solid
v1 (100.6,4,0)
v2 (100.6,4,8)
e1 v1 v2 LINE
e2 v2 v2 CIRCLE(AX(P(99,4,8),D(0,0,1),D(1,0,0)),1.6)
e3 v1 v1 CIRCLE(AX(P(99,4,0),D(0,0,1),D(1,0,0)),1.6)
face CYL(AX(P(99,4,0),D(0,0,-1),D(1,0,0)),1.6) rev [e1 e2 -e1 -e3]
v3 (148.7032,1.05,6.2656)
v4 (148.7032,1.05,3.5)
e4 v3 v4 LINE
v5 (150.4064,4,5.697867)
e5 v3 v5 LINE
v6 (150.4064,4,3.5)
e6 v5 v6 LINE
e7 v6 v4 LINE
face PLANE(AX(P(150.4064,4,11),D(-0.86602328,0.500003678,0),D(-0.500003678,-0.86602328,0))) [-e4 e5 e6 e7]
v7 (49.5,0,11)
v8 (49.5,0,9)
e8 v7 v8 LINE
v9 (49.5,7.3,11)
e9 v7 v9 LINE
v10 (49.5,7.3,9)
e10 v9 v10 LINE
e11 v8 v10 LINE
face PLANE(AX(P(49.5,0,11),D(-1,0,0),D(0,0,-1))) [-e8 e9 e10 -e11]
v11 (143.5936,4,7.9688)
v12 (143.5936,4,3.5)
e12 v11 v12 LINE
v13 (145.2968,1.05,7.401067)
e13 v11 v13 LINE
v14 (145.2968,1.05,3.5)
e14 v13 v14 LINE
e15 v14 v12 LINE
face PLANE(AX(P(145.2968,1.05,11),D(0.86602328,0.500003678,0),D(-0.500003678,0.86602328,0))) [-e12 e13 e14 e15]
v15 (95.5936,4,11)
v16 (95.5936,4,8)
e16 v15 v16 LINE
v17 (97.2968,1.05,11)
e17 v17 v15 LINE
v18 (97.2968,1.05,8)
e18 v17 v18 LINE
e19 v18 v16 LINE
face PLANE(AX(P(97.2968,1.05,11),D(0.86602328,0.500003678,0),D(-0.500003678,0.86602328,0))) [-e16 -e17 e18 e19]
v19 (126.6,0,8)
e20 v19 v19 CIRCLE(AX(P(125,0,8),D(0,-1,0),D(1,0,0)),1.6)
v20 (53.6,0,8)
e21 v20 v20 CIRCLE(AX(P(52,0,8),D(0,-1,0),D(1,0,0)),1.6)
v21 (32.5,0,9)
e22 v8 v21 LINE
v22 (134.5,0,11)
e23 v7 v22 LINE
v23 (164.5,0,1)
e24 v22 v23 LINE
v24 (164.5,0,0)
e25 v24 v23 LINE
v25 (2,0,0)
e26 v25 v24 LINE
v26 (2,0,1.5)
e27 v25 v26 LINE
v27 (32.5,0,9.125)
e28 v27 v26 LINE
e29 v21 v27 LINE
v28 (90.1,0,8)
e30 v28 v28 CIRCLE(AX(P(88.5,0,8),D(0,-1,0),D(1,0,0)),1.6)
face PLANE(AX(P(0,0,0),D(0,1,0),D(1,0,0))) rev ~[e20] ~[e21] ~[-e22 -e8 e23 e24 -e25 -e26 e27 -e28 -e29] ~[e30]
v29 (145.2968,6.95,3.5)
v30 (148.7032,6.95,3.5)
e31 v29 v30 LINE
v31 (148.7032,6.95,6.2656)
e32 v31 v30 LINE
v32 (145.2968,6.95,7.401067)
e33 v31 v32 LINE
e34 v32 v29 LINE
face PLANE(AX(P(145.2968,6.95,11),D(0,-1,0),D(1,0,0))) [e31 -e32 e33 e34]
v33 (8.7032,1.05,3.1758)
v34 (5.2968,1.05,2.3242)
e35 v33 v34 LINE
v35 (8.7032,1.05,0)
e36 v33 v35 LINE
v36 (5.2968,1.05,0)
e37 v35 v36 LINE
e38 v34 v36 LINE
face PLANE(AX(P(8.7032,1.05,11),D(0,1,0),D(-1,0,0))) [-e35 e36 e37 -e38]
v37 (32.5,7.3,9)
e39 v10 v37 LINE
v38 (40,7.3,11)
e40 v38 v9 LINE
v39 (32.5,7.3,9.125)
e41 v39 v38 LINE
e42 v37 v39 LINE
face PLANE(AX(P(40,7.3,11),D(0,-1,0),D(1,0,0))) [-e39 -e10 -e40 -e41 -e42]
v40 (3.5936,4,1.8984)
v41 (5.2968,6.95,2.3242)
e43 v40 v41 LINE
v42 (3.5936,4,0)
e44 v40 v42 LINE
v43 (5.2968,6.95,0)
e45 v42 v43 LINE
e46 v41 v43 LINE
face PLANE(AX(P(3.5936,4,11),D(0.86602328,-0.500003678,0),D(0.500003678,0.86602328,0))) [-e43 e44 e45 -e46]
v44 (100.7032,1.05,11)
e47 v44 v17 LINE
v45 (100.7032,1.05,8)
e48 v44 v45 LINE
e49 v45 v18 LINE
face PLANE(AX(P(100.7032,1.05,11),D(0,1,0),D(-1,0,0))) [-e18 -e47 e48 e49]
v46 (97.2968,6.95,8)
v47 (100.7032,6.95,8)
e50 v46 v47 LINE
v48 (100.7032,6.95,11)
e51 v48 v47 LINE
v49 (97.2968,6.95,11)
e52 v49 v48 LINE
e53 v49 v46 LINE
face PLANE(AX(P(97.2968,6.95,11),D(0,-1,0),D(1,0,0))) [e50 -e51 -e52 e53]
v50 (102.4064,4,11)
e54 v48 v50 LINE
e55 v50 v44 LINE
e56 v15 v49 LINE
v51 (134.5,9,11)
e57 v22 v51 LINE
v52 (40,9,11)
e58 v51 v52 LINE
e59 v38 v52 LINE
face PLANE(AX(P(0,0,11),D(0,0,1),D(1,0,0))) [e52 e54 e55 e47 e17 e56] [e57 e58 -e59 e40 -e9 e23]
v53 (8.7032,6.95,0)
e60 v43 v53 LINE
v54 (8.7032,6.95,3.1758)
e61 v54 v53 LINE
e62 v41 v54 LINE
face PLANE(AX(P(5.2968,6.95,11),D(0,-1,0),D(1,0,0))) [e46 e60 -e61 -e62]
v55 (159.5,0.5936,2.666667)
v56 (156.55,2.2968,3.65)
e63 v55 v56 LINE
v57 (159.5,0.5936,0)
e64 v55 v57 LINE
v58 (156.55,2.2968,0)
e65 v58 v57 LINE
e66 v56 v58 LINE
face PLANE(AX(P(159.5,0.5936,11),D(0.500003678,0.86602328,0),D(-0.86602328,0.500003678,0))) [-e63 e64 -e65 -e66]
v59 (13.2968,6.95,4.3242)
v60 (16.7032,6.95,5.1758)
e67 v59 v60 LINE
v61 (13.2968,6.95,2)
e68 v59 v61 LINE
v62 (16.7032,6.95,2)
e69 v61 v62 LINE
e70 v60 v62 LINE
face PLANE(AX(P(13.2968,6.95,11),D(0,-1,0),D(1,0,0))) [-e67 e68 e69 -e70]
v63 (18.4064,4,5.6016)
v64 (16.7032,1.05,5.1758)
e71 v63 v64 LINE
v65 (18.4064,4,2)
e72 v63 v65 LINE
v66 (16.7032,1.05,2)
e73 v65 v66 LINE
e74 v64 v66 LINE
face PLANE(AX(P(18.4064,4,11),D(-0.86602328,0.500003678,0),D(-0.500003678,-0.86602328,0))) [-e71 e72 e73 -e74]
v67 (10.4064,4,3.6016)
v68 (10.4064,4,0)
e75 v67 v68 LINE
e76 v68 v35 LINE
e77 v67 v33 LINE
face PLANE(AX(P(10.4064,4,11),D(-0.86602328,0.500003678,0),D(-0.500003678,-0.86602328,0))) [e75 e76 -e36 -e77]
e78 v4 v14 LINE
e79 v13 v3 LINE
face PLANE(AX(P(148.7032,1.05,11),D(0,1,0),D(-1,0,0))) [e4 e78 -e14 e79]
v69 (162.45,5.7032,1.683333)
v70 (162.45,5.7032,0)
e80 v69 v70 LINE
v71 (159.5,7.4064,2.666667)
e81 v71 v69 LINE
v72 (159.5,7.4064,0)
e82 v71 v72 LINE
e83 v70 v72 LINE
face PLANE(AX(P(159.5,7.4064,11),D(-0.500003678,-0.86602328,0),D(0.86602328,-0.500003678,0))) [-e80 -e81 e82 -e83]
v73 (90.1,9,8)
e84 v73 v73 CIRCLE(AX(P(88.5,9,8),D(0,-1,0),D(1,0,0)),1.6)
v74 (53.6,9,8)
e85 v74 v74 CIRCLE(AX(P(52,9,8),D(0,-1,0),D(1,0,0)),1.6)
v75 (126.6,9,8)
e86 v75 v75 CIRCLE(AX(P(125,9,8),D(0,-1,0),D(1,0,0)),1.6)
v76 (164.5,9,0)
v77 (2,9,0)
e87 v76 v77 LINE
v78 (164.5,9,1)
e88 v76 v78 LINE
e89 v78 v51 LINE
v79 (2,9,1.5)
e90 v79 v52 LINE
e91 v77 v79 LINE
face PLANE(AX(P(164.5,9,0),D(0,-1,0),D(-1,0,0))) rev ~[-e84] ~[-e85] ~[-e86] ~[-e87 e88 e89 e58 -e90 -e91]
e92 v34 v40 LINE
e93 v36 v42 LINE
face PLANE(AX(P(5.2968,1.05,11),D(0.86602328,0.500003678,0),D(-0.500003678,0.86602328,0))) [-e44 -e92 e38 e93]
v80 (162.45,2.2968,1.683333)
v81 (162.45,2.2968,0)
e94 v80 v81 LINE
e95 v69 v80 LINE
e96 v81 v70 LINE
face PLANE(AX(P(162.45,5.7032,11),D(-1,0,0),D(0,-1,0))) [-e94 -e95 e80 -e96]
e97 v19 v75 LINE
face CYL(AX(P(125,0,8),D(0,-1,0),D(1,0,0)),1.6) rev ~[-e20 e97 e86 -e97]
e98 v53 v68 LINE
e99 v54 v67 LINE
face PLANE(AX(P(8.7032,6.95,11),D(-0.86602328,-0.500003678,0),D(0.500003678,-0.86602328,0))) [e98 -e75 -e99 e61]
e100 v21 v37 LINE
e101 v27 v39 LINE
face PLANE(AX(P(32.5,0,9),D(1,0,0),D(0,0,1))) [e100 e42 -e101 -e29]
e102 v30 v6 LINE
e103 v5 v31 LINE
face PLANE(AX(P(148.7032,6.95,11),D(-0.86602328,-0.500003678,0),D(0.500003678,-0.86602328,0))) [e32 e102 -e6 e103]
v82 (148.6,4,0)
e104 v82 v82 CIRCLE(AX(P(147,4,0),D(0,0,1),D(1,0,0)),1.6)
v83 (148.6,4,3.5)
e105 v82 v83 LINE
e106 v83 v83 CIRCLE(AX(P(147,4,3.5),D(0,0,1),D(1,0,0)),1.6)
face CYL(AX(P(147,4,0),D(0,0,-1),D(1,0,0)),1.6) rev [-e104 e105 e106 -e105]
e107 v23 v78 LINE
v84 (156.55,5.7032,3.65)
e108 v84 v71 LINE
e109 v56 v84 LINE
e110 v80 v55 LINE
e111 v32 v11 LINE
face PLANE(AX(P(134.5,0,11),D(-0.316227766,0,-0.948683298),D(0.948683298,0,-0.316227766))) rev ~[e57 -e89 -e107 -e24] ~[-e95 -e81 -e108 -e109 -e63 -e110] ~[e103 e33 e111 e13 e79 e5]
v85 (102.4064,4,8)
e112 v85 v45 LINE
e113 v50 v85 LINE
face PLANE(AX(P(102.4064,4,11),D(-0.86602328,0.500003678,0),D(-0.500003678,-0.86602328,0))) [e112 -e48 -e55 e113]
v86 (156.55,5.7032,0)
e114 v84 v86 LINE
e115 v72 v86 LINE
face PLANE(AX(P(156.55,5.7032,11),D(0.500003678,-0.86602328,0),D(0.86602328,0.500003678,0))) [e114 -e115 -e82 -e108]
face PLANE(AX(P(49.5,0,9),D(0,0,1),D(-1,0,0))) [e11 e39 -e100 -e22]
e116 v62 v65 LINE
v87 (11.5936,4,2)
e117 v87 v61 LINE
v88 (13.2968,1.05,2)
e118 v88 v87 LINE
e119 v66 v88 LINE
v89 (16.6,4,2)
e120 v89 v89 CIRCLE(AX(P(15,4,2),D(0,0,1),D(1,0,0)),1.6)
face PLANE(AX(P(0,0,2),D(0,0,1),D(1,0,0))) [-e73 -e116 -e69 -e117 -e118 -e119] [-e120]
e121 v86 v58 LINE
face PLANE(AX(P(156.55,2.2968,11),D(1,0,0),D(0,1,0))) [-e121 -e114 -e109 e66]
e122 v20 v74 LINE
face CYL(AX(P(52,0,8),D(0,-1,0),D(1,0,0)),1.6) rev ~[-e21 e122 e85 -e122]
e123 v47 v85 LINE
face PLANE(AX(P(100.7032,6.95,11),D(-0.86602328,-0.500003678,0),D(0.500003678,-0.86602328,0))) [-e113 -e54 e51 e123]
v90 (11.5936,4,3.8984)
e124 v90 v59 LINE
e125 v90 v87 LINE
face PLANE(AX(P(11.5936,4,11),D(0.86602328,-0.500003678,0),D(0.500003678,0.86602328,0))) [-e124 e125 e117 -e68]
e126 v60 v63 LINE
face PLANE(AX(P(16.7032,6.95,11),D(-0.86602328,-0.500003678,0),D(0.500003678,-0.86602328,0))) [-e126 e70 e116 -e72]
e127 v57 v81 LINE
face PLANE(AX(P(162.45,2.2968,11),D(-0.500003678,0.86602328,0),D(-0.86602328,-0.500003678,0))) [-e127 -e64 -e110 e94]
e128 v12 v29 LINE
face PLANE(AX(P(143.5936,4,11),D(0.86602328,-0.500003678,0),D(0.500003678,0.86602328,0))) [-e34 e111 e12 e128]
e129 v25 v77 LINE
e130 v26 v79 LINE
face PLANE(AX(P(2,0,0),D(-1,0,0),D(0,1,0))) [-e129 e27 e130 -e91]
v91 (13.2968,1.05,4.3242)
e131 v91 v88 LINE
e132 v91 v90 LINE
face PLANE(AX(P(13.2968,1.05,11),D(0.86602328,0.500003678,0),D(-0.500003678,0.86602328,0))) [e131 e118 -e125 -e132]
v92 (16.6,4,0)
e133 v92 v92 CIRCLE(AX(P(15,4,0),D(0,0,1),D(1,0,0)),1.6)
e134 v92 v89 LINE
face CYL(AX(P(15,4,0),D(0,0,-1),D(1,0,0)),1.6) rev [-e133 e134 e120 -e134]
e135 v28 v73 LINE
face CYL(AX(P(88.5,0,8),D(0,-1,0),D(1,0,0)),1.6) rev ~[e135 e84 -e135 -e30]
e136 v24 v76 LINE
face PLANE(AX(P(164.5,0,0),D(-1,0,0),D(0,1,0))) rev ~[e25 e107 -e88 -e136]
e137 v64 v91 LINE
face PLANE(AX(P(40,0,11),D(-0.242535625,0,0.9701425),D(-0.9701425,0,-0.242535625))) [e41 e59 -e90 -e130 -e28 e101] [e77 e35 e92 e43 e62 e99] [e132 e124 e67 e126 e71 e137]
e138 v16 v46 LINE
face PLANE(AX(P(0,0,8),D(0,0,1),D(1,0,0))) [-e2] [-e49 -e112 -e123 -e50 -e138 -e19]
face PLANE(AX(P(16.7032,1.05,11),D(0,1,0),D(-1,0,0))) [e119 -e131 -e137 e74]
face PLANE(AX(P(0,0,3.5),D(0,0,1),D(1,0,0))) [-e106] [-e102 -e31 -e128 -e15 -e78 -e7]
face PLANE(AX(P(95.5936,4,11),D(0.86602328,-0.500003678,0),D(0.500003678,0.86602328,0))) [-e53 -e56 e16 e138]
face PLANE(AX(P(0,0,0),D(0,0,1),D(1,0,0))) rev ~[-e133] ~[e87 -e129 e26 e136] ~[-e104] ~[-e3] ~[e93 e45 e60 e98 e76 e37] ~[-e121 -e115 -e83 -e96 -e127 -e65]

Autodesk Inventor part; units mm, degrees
ref_plane "YZ Plane" through (0, 0, 0) normal (1, 0, 0) x (0, 1, 0)
ref_plane "XZ Plane" through (0, 0, 0) normal (0, 1, 0) x (-1, 0, 0)
ref_plane "XY Plane" through (0, 0, 0) normal (0, 0, 1) x (1, 0, 0)
sketch "Sketch1" plane through (0, 0, 0) normal (0, 0, 1) x (1, 0, 0)
  line L0 (0, 0) -> (164.5, 0)
  line L1 (164.5, 0) -> (164.5, 9)
  line L2 (164.5, 9) -> (0, 9)
  line L3 (0, 9) -> (0, 0)
  circle A0 centre (99, 4) radius 1.6
  circle A1 centre (159.5, 4) radius 1.6
  circle A2 centre (147, 4) radius 1.6
  circle A3 centre (15, 4) radius 1.6
  circle A4 centre (7, 4) radius 1.6
  dimension "d1" = 9
  dimension "d2" = 90
  dimension "d6" = 3.2
  dimension "d7" = 3.2
  dimension "d9" = 60.5
  dimension "d26" = 3.2
  dimension "d27" = 48
  dimension "d28" = 3.2
  dimension "d32" = 15
  dimension "d33" = 5
  dimension "d61" = 3.2
  dimension "d62" = 8
  dimension "d63" = 12.5
  dimension "d108" = 4
  dimension "d109" = 4
  dimension "d111" = 4
  dimension "d112" = 4
  dimension "d113" = 4
ref_plane "Work Plane2" through (0, 0, 0) normal (0, -1, 0) x (1, 0, 0)
sketch "Sketch2" plane through (0, 0, 0) normal (0, -1, 0) x (1, 0, 0)
  circle A0 centre (52, 8) radius 1.6
  circle A1 centre (125, 8) radius 1.6
  circle A2 centre (88.5, 8) radius 1.6
  point P0 (0, 0)
  point P1 (52, 0)
  dimension "d13" = 3.2
  dimension "d15" = 3.2
  dimension "d17" = 3.2
  dimension "d18" = 36.5
  dimension "d64" = 52
  dimension "d65" = 36.5
  dimension "d114" = 8
  dimension "d115" = 73
ref_plane "Work Plane1" through (0, 0, 11) normal (0, 0, 1) x (1, 0, 0)
extrude "klocek" add sketch "Sketch1" along normal blind 11
ref_plane "Work Plane3" through (0, 0, 0) normal (0, -1, 0) x (1, 0, 0)
extrude "prowadzenie osi" cut sketch "Sketch2" against normal up to next
ref_plane "Work Plane4" through (0, 0, 0) normal (0, -1, 0) x (1, 0, 0)
sketch "Sketch7" plane through (0, 0, 0) normal (0, -1, 0) x (1, 0, 0)
  line L0 (0, 11) -> (0, 1)
  line L1 (0, 11) -> (164.5, 11) projected
  line L2 (0, 11) -> (40, 11)
  line L3 (40, 11) -> (0, 1)
  point P0 (0, -1.8333)
  dimension "d86" = 10
  dimension "d87" = 40
sketch "Sketch8" plane through (0, 0, 0) normal (0, -1, 0) x (1, 0, 0)
  line L0 (164.5, 0) -> (164.5, 11) projected
  line L1 (164.5, 11) -> (164.5, 1)
  line L2 (164.5, 11) -> (0, 11) projected
  line L3 (164.5, 11) -> (134.5, 11)
  line L4 (134.5, 11) -> (164.5, 1)
  point P0 (0, 0)
  point P1 (40.8333, 11)
  dimension "d80" = 10
  dimension "d81" = 30
extrude "przedni skos" cut sketch "Sketch7" against normal up to next
extrude "tylni skos" cut sketch "Sketch8" against normal up to next
ref_plane "Work Plane7" through (0, 0, 11) normal (0, 0, 1) x (1, 0, 0)
sketch "Sketch5" plane through (0, 0, 11) normal (0, 0, 1) x (1, 0, 0)
  circle A0 centre (99, 4) radius 1.6 projected
  line L0 (95.5936, 4) -> (97.2968, 6.95)
  line L1 (97.2968, 6.95) -> (100.7032, 6.95)
  line L2 (100.7032, 6.95) -> (102.4064, 4)
  line L3 (102.4064, 4) -> (100.7032, 1.05)
  line L4 (100.7032, 1.05) -> (97.2968, 1.05)
  line L5 (97.2968, 1.05) -> (95.5936, 4)
  point P0 (119.5, 5)
  dimension "d98" = 5.9
extrude "hex insert middle" cut sketch "Sketch5" against normal blind 3
ref_plane "Work Plane6" through (0, 0, 11) normal (0, 0, 1) x (1, 0, 0)
sketch "Sketch9" plane through (0, 0, 11) normal (0, 0, 1) x (1, 0, 0)
  circle A0 centre (147, 4) radius 1.6 projected
  line L0 (150.4064, 4) -> (148.7032, 1.05)
  line L1 (148.7032, 1.05) -> (145.2968, 1.05)
  line L2 (145.2968, 1.05) -> (143.5936, 4)
  line L3 (143.5936, 4) -> (145.2968, 6.95)
  line L4 (145.2968, 6.95) -> (148.7032, 6.95)
  line L5 (148.7032, 6.95) -> (150.4064, 4)
  point P0 (0, 0)
  point P1 (153, 5)
  dimension "d99" = 5.9
extrude "hex insert rear 1" cut sketch "Sketch9" against normal blind 7.5
ref_plane "Work Plane5" through (0, 0, 11) normal (0, 0, 1) x (1, 0, 0)
sketch "Sketch10" plane through (0, 0, 11) normal (0, 0, 1) x (1, 0, 0)
  circle A0 centre (159.5, 4) radius 1.6 projected
  line L0 (162.45, 5.7032) -> (162.45, 2.2968)
  line L1 (162.45, 2.2968) -> (159.5, 0.5936)
  line L2 (159.5, 0.5936) -> (156.55, 2.2968)
  line L3 (156.55, 2.2968) -> (156.55, 5.7032)
  line L4 (156.55, 5.7032) -> (159.5, 7.4064)
  line L5 (159.5, 7.4064) -> (162.45, 5.7032)
  line L6 (164.5, 0) -> (134.5, 0) projected
  point P0 (0, 0)
  dimension "d118" = 5.9
extrude "hex insert rear 2" cut sketch "Sketch10" against normal up to next contours A0 | L0 L1 L2 L3 L4 L5
sketch "Sketch13" plane through (0, 0, 11) normal (0, 0, 1) x (1, 0, 0)
  circle A0 centre (7, 4) radius 1.6 projected
  line L0 (10.4064, 4) -> (8.7032, 1.05)
  line L1 (8.7032, 1.05) -> (5.2968, 1.05)
  line L2 (5.2968, 1.05) -> (3.5936, 4)
  line L3 (3.5936, 4) -> (5.2968, 6.95)
  line L4 (5.2968, 6.95) -> (8.7032, 6.95)
  line L5 (8.7032, 6.95) -> (10.4064, 4)
  dimension "d123" = 5.9
extrude "hex insert front 1" cut sketch "Sketch13" against normal through all
sketch "Sketch16" plane through (0, 0, 11) normal (0, 0, 1) x (1, 0, 0)
  circle A0 centre (15, 4) radius 1.6 projected
  line L0 (18.4064, 4) -> (16.7032, 1.05)
  line L1 (16.7032, 1.05) -> (13.2968, 1.05)
  line L2 (13.2968, 1.05) -> (11.5936, 4)
  line L3 (11.5936, 4) -> (13.2968, 6.95)
  line L4 (13.2968, 6.95) -> (16.7032, 6.95)
  line L5 (16.7032, 6.95) -> (18.4064, 4)
  point P0 (0, 0)
  dimension "d93" = 5.9
extrude "hex insert front 2" cut sketch "Sketch16" against normal blind 9
sketch "Sketch17" plane through (0, 0, 0) normal (0, 0, -1) x (-1, 0, 0)
  line L0 (-164.5, 9) -> (0, 9) projected
  line L1 (0, 0) -> (-2, 0)
  line L2 (-2, 0) -> (-2, 9)
  line L3 (-2, 9) -> (0, 9)
  line L4 (0, 9) -> (0, 0)
  dimension "d122" = 2
extrude "ciecie przod" cut sketch "Sketch17" against normal up to next
sketch "Sketch18" plane through (40, 0, 11) normal (0, -1, 0) x (1, 0, 0)
  line L0 (9.5, 0) -> (9.5, -2)
  line L1 (9.5, -2) -> (-7.5, -2)
  line L2 (-7.5, -2) -> (-7.5, 0)
  line L3 (-7.5, 0) -> (9.5, 0)
  line L4 (94.5, 0) -> (0, 0) projected
  circle A0 centre (12, -3) radius 1.6 projected
  line L5 (-40, -11) -> (124.5, -11) projected
  point P0 (-35, -11)
  dimension "d102" = 2
  dimension "d103" = 17
  dimension "d104" = 2.5
extrude "sensor linii" cut sketch "Sketch18" against normal blind 7.3 contours L0 L1 L2 L3
properties part number "wheel_support_v5_left_narrow_with_line_sensor"
